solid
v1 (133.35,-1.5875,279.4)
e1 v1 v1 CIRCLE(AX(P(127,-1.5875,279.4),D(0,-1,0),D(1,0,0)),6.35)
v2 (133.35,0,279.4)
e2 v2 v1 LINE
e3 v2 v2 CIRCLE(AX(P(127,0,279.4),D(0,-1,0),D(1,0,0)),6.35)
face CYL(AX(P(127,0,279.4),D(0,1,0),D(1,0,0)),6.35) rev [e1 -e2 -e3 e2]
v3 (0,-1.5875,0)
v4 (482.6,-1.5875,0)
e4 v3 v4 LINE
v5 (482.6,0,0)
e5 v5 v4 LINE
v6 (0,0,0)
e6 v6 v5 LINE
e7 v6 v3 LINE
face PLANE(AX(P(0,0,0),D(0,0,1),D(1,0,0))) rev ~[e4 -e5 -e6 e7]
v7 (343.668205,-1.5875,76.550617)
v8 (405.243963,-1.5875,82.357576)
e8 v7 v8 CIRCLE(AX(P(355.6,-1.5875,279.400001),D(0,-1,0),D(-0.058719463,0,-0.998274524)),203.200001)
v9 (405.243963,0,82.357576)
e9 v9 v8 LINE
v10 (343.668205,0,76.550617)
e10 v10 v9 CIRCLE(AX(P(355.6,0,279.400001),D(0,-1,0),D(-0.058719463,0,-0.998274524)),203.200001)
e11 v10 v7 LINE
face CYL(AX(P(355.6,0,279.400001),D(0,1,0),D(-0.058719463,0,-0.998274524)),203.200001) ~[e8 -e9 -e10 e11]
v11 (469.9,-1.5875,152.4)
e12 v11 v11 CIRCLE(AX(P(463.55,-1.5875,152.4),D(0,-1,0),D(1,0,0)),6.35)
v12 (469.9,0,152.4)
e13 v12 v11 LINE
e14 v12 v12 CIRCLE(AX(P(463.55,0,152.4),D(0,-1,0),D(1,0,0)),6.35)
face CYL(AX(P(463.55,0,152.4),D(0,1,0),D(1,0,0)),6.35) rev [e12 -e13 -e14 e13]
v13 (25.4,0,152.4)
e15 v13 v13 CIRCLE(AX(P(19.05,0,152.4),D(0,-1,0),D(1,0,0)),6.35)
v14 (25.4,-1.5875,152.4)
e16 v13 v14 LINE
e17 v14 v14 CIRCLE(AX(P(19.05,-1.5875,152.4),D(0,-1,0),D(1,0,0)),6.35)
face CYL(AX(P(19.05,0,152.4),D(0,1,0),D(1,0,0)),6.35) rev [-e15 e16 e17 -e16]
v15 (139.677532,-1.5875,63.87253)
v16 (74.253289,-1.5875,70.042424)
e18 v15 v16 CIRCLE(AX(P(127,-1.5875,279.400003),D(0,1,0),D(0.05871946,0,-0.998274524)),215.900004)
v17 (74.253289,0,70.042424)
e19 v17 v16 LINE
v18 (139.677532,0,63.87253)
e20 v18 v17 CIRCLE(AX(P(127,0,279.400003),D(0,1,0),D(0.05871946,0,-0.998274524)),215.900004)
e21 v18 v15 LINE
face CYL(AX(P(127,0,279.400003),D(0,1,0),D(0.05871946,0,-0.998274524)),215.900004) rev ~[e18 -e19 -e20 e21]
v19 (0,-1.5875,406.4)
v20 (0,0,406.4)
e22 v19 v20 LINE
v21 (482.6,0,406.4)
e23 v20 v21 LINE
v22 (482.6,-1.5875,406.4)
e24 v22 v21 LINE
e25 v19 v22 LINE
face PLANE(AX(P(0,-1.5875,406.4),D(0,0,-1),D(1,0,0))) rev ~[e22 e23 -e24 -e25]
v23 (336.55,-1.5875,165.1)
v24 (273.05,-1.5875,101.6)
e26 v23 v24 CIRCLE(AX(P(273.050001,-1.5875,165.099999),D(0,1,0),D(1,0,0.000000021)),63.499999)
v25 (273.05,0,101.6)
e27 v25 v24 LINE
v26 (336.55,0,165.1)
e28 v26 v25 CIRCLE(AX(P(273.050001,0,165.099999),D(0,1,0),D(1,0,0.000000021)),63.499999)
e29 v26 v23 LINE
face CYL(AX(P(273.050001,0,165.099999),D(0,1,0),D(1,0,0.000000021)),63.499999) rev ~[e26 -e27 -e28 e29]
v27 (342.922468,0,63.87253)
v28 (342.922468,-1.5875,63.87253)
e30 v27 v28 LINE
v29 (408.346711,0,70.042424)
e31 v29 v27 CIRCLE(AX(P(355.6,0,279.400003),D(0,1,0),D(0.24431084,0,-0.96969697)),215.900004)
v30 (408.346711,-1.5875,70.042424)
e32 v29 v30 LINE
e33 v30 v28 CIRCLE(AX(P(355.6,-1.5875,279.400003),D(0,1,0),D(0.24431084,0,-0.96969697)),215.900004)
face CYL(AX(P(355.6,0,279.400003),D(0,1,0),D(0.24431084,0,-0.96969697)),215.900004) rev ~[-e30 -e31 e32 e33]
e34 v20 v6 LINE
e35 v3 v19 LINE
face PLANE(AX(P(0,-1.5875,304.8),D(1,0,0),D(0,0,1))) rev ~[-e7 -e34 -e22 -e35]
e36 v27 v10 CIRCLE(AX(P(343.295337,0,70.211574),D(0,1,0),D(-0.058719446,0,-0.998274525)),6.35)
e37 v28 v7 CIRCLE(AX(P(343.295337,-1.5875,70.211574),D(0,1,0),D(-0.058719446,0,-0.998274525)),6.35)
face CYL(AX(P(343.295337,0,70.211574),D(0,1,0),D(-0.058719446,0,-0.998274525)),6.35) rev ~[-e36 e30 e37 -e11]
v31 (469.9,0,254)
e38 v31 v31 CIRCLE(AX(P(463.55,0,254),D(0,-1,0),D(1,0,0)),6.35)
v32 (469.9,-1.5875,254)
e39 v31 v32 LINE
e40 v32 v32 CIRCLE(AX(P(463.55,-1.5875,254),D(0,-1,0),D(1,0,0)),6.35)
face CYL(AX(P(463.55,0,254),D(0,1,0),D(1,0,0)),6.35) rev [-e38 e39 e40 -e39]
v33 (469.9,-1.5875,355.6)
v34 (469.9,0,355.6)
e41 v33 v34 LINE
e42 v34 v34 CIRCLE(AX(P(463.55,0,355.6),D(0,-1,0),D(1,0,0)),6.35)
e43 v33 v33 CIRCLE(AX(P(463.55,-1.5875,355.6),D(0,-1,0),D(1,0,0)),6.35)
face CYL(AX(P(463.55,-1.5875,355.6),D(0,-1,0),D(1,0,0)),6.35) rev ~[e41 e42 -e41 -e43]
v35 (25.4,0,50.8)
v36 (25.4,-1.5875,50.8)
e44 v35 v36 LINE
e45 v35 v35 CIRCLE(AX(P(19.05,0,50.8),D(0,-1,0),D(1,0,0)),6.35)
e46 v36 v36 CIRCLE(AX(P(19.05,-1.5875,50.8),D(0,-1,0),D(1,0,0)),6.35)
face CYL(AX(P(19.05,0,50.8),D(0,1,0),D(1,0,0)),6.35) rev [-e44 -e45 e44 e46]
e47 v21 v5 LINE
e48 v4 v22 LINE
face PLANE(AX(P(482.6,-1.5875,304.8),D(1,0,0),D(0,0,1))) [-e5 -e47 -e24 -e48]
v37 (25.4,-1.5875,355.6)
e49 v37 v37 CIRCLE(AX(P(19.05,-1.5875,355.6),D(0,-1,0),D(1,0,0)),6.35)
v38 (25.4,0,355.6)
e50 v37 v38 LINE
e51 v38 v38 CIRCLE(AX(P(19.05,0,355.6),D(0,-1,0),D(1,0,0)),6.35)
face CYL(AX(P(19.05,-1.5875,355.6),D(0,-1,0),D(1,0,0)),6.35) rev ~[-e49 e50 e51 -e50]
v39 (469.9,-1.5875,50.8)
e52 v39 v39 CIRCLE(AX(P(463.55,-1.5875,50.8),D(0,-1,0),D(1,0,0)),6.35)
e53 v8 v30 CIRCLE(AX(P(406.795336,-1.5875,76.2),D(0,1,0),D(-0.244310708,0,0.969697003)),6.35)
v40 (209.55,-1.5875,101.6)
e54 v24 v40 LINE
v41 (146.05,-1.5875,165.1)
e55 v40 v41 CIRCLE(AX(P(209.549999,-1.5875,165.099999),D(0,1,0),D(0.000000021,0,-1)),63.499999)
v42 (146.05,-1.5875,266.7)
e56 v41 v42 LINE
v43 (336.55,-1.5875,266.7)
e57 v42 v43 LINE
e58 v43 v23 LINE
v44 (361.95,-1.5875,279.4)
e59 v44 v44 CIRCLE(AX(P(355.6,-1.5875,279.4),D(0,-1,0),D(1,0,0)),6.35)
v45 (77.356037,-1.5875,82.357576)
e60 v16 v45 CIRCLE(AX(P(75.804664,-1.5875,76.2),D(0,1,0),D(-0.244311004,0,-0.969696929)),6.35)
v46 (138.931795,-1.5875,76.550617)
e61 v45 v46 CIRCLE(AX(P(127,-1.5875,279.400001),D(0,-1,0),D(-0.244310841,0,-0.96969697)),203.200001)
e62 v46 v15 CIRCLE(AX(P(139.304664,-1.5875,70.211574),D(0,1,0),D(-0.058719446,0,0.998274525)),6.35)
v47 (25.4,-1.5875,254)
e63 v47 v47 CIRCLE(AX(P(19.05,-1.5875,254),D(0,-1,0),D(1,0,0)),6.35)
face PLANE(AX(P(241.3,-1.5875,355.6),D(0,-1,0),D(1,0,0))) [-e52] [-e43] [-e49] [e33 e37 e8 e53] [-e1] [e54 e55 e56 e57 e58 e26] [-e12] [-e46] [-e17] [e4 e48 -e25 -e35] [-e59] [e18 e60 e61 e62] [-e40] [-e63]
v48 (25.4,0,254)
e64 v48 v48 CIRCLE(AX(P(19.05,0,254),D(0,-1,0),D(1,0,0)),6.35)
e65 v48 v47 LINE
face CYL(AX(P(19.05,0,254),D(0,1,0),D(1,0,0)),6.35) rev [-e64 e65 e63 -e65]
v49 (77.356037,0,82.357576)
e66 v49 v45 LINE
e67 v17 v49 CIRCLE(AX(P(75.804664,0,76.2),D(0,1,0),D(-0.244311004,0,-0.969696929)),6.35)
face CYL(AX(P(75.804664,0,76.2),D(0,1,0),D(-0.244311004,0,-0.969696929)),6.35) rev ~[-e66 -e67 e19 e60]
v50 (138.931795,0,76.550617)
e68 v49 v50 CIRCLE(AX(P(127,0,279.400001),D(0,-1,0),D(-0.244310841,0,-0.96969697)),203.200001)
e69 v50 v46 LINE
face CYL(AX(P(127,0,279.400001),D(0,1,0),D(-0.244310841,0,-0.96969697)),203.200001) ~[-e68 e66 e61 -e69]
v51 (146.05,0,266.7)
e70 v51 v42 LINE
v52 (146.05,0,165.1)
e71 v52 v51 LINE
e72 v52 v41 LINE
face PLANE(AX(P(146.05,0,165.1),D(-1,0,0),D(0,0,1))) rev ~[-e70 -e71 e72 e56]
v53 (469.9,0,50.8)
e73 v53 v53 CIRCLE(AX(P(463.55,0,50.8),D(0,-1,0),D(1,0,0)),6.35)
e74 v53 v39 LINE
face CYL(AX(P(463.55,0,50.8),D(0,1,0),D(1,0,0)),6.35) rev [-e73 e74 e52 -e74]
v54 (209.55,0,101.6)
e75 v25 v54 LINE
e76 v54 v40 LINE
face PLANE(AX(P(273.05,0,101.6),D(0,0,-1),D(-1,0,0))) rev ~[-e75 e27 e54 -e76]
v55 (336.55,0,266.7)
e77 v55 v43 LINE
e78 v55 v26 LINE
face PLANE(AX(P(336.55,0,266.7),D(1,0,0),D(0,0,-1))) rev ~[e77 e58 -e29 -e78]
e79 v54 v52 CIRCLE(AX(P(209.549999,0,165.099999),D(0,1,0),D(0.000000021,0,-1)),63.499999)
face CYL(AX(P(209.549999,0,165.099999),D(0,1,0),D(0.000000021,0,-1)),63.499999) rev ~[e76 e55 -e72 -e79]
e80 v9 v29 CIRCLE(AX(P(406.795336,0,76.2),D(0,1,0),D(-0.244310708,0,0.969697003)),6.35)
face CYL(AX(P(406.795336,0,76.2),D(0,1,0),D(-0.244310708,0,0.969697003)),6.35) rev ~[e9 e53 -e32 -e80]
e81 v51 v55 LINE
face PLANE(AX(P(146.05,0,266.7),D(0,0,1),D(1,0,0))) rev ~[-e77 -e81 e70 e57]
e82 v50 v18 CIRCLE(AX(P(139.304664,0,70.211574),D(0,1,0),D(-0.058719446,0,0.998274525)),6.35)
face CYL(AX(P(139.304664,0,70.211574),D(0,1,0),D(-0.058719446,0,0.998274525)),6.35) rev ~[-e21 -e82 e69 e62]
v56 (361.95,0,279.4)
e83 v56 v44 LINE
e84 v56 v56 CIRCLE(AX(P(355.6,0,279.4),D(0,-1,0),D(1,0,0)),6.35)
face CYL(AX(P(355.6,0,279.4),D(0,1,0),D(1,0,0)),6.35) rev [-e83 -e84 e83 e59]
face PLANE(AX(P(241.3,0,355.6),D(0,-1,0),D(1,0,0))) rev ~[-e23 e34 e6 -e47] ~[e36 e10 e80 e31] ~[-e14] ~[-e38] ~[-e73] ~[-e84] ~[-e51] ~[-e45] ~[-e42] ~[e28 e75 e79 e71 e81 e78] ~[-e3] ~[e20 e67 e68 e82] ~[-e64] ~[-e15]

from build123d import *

# Parameters (mm, degrees)
F0_R     = 6.35
F1_DEPTH = 1.5875
F2_W     = 482.6
F2_H     = 101.6
F2_R     = 6.35
F3_DEPTH = 1.5875


with BuildPart() as f1:
    # F0 (on Front) → F1 (new body)
    with BuildSketch(Plane.XZ):
        Polygon((0, 304.8), (0, 0), (482.6, 0), (482.6, 304.8), (349.25, 304.8), (336.55, 304.8), (146.05, 304.8), align=None)
        with Locations((19.05, 50.8)):
            Circle(F0_R, mode=Mode.SUBTRACT)
        with BuildLine():
            ThreePointArc((139.677532, 63.87253), (106.72929, 64.453708), (74.253289, 70.042424))
            ThreePointArc((74.253289, 70.042424), (69.647088, 77.751374), (77.356037, 82.357576))
            ThreePointArc((77.356037, 82.357576), (107.921685, 77.097608), (138.931795, 76.550617))
            ThreePointArc((138.931795, 76.550617), (145.643707, 70.584442), (139.677532, 63.87253))
        make_face(mode=Mode.SUBTRACT)
        with BuildLine():
            ThreePointArc((405.243963, 82.357576), (412.952912, 77.751374), (408.346711, 70.042424))
            ThreePointArc((408.346711, 70.042424), (375.87071, 64.453708), (342.922468, 63.87253))
            ThreePointArc((342.922468, 63.87253), (336.956293, 70.584442), (343.668205, 76.550617))
            ThreePointArc((343.668205, 76.550617), (374.678315, 77.097608), (405.243963, 82.357576))
        make_face(mode=Mode.SUBTRACT)
        with Locations((463.55, 50.8)):
            Circle(F0_R, mode=Mode.SUBTRACT)
        with Locations((19.05, 152.4)):
            Circle(F0_R, mode=Mode.SUBTRACT)
        with Locations((19.05, 254)):
            Circle(F0_R, mode=Mode.SUBTRACT)
        with Locations((127, 279.4)):
            Circle(F0_R, mode=Mode.SUBTRACT)
        with BuildLine():
            Line((146.05, 165.1), (146.05, 266.7))
            Line((146.05, 266.7), (336.55, 266.7))
            Line((336.55, 266.7), (336.55, 165.1))
            ThreePointArc((336.55, 165.1), (317.951281, 120.198719), (273.05, 101.6))
            Line((273.05, 101.6), (209.55, 101.6))
            ThreePointArc((209.55, 101.6), (164.648719, 120.198719), (146.05, 165.1))
        make_face(mode=Mode.SUBTRACT)
        with Locations((463.55, 152.4)):
            Circle(F0_R, mode=Mode.SUBTRACT)
        with Locations((355.6, 279.4)):
            Circle(F0_R, mode=Mode.SUBTRACT)
        with Locations((463.55, 254)):
            Circle(F0_R, mode=Mode.SUBTRACT)
    extrude(amount=F1_DEPTH)

    # F2 (on face) → F3 (join)
    with BuildSketch(Plane.XZ.offset(1.5875)):
        with Locations((241.3, 355.6)):
            Rectangle(F2_W, F2_H)
        with Locations((19.05, 355.6)):
            Circle(F2_R, mode=Mode.SUBTRACT)
        with Locations((463.55, 355.6)):
            Circle(F2_R, mode=Mode.SUBTRACT)
    extrude(amount=-F3_DEPTH)


solid = f1.part
